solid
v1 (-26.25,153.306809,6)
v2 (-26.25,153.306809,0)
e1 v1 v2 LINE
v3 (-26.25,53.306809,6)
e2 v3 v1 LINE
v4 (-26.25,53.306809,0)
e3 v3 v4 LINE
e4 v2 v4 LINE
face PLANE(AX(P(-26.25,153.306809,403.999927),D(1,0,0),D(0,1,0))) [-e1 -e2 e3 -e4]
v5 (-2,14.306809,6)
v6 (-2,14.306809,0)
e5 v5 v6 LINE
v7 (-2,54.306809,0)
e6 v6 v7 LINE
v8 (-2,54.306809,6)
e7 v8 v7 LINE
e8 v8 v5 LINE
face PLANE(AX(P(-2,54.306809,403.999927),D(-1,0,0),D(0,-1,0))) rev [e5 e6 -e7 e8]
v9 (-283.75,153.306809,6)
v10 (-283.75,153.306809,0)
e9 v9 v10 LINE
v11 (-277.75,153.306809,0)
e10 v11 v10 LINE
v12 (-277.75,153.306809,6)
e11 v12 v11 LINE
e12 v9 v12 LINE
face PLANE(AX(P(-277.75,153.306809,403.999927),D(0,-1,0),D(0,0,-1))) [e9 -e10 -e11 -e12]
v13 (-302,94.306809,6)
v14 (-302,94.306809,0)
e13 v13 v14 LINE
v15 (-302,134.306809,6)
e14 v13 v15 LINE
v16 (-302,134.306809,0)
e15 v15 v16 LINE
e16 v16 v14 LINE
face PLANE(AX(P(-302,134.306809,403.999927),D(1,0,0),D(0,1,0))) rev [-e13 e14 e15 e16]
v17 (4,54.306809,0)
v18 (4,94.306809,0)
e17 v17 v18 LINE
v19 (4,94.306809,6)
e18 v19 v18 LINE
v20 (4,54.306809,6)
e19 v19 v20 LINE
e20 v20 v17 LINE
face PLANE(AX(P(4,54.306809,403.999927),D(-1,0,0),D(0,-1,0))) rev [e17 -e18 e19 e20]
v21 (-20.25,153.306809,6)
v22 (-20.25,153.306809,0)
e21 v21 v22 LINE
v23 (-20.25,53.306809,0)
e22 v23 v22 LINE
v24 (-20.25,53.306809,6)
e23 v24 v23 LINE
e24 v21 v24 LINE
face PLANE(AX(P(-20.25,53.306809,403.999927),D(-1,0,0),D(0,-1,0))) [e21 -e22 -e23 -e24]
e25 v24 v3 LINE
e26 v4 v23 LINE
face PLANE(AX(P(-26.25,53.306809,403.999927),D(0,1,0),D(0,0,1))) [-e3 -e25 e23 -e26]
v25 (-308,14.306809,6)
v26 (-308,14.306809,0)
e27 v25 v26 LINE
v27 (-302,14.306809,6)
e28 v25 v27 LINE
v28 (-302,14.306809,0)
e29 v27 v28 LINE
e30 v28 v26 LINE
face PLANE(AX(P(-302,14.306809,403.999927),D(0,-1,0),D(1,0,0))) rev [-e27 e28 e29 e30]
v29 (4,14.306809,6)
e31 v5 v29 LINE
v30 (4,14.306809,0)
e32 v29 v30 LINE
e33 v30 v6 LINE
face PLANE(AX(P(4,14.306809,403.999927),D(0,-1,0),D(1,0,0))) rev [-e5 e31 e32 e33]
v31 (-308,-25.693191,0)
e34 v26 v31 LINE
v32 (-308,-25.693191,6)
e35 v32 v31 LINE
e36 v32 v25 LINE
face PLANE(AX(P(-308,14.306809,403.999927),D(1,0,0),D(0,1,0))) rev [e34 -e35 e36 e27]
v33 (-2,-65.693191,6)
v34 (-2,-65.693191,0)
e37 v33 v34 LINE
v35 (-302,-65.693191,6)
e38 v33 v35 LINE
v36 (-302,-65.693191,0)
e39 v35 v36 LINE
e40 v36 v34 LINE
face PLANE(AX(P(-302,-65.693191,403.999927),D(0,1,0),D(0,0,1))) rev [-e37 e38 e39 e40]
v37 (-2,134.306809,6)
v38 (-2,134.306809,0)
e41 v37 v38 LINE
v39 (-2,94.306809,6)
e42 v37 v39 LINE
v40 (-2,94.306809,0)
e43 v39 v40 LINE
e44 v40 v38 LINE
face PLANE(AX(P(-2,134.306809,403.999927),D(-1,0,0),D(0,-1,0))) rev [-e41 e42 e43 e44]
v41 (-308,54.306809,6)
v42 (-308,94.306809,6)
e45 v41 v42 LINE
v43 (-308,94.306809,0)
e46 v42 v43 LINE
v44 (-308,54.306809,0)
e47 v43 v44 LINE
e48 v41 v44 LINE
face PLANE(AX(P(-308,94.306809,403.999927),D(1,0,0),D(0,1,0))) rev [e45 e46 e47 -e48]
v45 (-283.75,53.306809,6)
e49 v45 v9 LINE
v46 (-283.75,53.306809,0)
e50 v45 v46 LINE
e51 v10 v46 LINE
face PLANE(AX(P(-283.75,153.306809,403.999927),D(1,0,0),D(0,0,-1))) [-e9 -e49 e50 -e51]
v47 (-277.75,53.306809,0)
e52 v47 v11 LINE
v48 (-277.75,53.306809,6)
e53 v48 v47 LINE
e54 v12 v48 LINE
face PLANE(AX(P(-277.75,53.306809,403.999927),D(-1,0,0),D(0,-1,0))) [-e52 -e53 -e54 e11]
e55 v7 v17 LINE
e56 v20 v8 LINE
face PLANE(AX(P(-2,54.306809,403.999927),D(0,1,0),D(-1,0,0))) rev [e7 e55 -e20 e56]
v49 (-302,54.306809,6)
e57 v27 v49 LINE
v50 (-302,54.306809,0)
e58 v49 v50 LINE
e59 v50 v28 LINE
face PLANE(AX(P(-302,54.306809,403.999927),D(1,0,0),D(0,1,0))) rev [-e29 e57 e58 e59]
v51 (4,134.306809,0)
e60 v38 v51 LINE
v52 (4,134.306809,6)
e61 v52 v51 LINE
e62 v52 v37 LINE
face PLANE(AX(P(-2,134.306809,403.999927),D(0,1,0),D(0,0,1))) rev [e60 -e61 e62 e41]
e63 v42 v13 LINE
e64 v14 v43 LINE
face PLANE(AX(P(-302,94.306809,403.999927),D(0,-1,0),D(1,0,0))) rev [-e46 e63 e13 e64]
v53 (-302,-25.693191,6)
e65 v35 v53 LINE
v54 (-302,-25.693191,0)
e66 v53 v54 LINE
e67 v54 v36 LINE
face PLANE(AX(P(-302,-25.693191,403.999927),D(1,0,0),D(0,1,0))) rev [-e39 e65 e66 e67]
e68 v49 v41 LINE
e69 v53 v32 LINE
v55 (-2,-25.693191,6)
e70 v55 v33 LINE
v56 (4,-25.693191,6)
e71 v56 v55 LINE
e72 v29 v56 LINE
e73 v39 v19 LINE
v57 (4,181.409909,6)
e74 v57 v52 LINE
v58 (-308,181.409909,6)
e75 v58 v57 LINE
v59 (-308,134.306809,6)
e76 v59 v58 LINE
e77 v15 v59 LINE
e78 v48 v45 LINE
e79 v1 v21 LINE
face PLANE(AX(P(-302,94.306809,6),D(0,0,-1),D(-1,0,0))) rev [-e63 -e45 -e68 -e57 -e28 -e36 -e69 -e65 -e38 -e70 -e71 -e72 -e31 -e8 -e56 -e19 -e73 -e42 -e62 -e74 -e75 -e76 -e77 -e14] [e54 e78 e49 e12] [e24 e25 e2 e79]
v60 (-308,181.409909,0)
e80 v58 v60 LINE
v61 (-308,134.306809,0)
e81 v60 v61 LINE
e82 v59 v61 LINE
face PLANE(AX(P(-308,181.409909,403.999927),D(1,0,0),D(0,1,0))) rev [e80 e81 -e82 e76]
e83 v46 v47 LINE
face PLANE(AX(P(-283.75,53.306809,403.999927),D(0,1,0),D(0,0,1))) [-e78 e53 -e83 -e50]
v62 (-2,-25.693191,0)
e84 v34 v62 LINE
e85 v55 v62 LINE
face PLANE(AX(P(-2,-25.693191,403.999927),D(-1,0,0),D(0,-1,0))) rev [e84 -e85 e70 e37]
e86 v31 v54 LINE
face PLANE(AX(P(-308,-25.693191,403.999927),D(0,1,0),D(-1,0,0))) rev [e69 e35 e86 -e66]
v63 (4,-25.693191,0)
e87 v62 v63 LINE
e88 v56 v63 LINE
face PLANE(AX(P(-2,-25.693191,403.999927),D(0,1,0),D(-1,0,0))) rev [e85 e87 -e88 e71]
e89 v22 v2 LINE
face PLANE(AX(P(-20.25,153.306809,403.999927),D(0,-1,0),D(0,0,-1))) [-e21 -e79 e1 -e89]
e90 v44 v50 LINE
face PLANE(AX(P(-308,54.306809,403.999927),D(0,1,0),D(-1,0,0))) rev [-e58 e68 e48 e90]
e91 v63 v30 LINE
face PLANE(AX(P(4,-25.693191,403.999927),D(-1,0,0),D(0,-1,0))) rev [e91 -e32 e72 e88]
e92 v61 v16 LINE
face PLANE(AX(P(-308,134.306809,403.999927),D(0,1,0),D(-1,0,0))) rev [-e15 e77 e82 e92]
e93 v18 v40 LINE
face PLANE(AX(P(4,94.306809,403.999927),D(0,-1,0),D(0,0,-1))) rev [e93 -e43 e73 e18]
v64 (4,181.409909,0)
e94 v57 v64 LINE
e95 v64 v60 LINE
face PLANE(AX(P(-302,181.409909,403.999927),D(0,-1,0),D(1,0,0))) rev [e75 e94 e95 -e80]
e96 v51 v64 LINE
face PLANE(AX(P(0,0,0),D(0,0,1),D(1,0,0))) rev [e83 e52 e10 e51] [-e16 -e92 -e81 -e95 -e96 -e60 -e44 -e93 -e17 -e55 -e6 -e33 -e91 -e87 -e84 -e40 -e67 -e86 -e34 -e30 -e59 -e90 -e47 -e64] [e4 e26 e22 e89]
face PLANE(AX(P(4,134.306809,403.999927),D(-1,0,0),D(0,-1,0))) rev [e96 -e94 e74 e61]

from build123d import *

# Parameters (mm, degrees)
SKETCH1_W           = 6
SKETCH1_H           = 100.000000002
BOSS_EXTRUDE1_DEPTH = 6


with BuildPart() as part:
    # Sketch1 → Boss-Extrude1 (new body)
    with BuildSketch(Plane.XY):
        Polygon((-302, 181.40990873), (-2, 181.409908735), (4, 181.409908735), (4, 134.306809003), (-2, 134.306809003), (-2, 94.306809003), (4, 94.306809003), (4, 54.306809003), (-2, 54.306809003), (-2, 14.306809003), (4, 14.306809003), (4, -25.693190997), (-2, -25.693190997), (-2, -65.693190997), (-302, -65.693190997), (-302, -25.693191002), (-308, -25.693191002), (-308, 14.306808998), (-302, 14.306808998), (-302, 54.306808998), (-308, 54.306808998), (-308, 94.306808998), (-302, 94.306808998), (-302, 134.306808998), (-308, 134.306808998), (-308, 181.40990873), align=None)
        with Locations((-280.75, 103.306809004)):
            Rectangle(SKETCH1_W, SKETCH1_H, mode=Mode.SUBTRACT)
        with Locations((-23.25, 103.306809004)):
            Rectangle(SKETCH1_W, SKETCH1_H, mode=Mode.SUBTRACT)
    extrude(amount=BOSS_EXTRUDE1_DEPTH)


solid = part.part
